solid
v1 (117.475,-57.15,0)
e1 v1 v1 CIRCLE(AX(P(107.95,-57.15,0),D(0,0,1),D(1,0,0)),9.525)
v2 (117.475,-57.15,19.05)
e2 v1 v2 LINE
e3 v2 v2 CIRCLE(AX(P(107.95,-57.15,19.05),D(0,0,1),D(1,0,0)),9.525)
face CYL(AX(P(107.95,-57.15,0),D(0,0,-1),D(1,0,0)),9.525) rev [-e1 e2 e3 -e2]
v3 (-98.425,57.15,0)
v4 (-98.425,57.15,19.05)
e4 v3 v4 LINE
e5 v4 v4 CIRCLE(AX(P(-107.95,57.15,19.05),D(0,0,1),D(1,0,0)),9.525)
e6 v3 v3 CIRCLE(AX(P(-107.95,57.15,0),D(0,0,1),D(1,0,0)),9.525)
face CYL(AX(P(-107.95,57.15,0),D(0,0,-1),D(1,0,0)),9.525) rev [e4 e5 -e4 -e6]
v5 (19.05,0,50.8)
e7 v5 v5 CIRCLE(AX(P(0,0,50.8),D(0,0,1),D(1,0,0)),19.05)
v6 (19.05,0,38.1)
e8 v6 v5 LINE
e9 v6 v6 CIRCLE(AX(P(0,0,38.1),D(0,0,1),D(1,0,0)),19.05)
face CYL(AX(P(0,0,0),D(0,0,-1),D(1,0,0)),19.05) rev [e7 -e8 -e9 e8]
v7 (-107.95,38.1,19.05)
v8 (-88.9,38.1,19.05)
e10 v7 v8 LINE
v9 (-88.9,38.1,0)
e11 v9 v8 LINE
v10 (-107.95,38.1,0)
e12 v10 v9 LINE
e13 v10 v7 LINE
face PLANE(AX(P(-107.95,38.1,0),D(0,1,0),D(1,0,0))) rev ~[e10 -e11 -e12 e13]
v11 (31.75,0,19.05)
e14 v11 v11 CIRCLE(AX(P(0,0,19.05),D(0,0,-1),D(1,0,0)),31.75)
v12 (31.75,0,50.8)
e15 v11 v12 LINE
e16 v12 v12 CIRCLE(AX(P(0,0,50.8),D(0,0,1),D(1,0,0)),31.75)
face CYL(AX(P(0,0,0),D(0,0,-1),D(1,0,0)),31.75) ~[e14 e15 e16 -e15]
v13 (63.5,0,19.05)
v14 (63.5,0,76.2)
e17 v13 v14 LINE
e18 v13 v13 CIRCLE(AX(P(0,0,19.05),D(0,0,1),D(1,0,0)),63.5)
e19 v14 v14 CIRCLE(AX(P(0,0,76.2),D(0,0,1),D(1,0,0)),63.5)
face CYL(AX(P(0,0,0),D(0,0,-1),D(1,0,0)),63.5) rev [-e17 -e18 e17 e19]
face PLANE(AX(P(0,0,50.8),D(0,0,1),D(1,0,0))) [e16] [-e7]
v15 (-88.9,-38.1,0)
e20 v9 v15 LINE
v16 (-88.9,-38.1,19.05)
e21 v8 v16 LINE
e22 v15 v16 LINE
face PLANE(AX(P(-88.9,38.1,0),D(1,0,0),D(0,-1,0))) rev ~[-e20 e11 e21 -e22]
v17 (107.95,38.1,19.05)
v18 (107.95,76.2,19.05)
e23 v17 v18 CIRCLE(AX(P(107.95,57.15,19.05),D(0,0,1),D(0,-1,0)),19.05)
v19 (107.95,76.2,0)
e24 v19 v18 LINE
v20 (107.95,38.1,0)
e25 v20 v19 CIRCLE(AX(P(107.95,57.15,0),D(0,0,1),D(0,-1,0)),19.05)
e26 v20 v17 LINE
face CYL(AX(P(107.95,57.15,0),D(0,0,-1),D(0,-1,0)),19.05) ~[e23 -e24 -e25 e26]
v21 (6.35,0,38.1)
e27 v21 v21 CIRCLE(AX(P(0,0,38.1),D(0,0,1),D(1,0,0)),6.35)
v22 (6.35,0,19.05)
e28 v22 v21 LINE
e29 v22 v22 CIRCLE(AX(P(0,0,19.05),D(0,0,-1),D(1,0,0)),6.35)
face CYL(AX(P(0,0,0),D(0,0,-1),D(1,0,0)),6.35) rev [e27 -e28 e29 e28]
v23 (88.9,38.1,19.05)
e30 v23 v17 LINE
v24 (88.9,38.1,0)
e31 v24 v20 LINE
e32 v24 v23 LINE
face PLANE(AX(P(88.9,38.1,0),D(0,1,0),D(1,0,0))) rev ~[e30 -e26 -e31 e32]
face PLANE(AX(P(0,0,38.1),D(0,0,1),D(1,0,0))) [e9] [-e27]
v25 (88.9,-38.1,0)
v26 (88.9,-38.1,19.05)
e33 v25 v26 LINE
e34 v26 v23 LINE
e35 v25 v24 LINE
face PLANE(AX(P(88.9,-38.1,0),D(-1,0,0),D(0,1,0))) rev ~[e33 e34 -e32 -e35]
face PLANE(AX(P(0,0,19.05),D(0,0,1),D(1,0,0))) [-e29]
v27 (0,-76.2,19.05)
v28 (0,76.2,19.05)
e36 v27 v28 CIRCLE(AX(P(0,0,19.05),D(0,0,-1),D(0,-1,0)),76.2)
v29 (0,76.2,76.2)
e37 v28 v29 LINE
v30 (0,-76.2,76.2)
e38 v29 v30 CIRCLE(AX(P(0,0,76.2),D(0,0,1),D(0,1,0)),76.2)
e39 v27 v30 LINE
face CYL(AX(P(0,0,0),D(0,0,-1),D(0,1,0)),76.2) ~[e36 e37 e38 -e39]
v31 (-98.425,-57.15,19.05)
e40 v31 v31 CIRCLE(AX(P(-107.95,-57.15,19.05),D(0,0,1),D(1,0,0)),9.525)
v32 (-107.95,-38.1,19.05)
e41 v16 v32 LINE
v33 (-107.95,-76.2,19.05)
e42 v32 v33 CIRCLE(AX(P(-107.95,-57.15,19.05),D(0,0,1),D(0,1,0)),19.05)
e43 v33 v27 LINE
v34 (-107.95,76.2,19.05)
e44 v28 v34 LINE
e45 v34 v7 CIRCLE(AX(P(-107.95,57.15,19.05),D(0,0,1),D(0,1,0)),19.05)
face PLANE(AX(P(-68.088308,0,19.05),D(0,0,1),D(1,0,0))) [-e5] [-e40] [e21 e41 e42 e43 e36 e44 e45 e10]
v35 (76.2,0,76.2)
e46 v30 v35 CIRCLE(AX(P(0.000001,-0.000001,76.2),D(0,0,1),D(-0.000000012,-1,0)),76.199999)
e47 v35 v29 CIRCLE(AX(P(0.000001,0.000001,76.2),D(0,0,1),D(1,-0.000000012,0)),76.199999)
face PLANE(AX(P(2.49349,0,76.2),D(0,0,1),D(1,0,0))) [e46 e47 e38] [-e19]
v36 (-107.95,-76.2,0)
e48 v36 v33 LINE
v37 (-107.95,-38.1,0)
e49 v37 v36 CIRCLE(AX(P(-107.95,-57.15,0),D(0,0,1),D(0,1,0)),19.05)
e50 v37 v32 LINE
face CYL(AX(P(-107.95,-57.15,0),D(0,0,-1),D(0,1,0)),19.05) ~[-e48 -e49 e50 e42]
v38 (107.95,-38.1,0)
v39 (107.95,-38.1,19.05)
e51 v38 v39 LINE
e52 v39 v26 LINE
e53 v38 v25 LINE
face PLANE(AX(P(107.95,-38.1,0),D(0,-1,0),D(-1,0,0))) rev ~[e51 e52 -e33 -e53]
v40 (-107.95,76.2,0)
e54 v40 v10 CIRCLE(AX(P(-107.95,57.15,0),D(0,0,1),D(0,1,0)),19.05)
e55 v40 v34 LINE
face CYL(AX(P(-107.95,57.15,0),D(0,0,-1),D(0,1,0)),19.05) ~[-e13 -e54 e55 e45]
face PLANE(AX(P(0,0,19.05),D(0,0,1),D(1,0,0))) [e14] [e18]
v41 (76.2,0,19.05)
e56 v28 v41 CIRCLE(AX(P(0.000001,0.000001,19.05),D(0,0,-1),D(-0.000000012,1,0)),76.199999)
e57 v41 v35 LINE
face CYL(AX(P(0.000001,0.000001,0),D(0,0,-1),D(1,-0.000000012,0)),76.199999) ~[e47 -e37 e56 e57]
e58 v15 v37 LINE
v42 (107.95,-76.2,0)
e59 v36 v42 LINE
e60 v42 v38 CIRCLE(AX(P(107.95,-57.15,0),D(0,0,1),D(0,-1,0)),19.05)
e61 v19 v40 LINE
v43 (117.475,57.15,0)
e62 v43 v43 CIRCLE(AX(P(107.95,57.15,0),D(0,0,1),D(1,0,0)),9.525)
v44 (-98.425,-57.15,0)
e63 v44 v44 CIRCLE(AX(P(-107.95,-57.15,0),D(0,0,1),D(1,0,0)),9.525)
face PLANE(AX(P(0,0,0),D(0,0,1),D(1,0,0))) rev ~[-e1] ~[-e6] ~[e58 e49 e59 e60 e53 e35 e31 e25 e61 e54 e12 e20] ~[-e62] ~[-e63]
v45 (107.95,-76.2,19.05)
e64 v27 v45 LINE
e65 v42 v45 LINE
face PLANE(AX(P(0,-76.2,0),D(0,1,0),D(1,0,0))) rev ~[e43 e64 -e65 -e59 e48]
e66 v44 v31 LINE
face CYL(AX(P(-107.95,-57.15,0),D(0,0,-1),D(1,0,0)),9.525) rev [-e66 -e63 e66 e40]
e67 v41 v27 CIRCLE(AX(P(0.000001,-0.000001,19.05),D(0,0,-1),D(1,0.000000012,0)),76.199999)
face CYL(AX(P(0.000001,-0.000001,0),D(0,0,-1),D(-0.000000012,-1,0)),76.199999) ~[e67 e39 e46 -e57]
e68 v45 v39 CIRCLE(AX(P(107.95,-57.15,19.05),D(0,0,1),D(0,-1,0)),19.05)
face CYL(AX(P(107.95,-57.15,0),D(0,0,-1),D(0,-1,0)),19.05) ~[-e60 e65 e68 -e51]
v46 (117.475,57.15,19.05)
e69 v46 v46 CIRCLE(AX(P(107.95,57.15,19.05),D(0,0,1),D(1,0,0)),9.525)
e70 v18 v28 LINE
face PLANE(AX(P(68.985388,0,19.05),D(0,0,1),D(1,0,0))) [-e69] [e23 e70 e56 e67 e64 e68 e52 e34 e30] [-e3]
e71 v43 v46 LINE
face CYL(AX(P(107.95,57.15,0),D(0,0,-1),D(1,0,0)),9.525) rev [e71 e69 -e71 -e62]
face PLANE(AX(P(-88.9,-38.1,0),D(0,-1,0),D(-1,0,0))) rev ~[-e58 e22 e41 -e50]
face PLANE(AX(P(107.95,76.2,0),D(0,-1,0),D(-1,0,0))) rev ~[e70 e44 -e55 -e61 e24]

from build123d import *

# Parameters (mm, degrees)
F0_R     = 9.525
F0_R_2   = 63.5
F0_R_3   = 31.75
F0_R_4   = 19.05
F0_R_5   = 6.35
F1_DEPTH = 19.05
F2_DEPTH = 76.2
F3_DEPTH = 50.8
F4_DEPTH = 38.1


with BuildPart() as f1:
    # F0 (on Top) → F1 (new body)
    with BuildSketch(Plane.XY):
        with BuildLine():
            ThreePointArc((0, 76.2), (53.881537, 53.881537), (76.2, 0))
            ThreePointArc((76.2, 0), (53.881537, -53.881537), (0, -76.2))
            Line((0, -76.2), (88.9, -76.2))
            Line((88.9, -76.2), (107.95, -76.2))
            ThreePointArc((107.95, -76.2), (127, -57.15), (107.95, -38.1))
            Line((107.95, -38.1), (88.9, -38.1))
            Line((88.9, -38.1), (88.9, 38.1))
            Line((88.9, 38.1), (107.95, 38.1))
            ThreePointArc((107.95, 38.1), (127, 57.15), (107.95, 76.2))
            Line((107.95, 76.2), (88.9, 76.2))
            Line((88.9, 76.2), (0, 76.2))
        make_face()
        with Locations((107.95, -57.15)):
            Circle(F0_R, mode=Mode.SUBTRACT)
        with Locations((107.95, 57.15)):
            Circle(F0_R, mode=Mode.SUBTRACT)
        with BuildLine():
            ThreePointArc((0, -76.2), (-76.2, 0), (0, 76.2))
            Line((0, 76.2), (-88.9, 76.2))
            Line((-88.9, 76.2), (-107.95, 76.2))
            ThreePointArc((-107.95, 76.2), (-127, 57.15), (-107.95, 38.1))
            Line((-107.95, 38.1), (-88.9, 38.1))
            Line((-88.9, 38.1), (-88.9, -38.1))
            Line((-88.9, -38.1), (-107.95, -38.1))
            ThreePointArc((-107.95, -38.1), (-127, -57.15), (-107.95, -76.2))
            Line((-107.95, -76.2), (-88.9, -76.2))
            Line((-88.9, -76.2), (0, -76.2))
        make_face()
        with Locations((-107.95, -57.15)):
            Circle(F0_R, mode=Mode.SUBTRACT)
        with Locations((-107.95, 57.15)):
            Circle(F0_R, mode=Mode.SUBTRACT)
        Circle(F0_R_2)
        Circle(F0_R_3, mode=Mode.SUBTRACT)
        Circle(F0_R_3)
        Circle(F0_R_4, mode=Mode.SUBTRACT)
        Circle(F0_R_4)
        Circle(F0_R_5, mode=Mode.SUBTRACT)
        Circle(F0_R_5)
    extrude(amount=F1_DEPTH)

    # F0 (on Top) → F2 (join)
    with BuildSketch(Plane.XY):
        with BuildLine():
            ThreePointArc((0, -76.2), (53.881537, -53.881537), (76.2, 0))
            ThreePointArc((76.2, 0), (53.881537, 53.881537), (0, 76.2))
            ThreePointArc((0, 76.2), (-76.2, 0), (0, -76.2))
        make_face()
        Circle(F0_R_2, mode=Mode.SUBTRACT)
    extrude(amount=F2_DEPTH)

    # F0 (on Top) → F3 (join)
    with BuildSketch(Plane.XY):
        Circle(F0_R_3)
        Circle(F0_R_4, mode=Mode.SUBTRACT)
    extrude(amount=F3_DEPTH)

    # F0 (on Top) → F4 (join)
    with BuildSketch(Plane.XY):
        Circle(F0_R_4)
        Circle(F0_R_5, mode=Mode.SUBTRACT)
    extrude(amount=F4_DEPTH)


solid = f1.part
